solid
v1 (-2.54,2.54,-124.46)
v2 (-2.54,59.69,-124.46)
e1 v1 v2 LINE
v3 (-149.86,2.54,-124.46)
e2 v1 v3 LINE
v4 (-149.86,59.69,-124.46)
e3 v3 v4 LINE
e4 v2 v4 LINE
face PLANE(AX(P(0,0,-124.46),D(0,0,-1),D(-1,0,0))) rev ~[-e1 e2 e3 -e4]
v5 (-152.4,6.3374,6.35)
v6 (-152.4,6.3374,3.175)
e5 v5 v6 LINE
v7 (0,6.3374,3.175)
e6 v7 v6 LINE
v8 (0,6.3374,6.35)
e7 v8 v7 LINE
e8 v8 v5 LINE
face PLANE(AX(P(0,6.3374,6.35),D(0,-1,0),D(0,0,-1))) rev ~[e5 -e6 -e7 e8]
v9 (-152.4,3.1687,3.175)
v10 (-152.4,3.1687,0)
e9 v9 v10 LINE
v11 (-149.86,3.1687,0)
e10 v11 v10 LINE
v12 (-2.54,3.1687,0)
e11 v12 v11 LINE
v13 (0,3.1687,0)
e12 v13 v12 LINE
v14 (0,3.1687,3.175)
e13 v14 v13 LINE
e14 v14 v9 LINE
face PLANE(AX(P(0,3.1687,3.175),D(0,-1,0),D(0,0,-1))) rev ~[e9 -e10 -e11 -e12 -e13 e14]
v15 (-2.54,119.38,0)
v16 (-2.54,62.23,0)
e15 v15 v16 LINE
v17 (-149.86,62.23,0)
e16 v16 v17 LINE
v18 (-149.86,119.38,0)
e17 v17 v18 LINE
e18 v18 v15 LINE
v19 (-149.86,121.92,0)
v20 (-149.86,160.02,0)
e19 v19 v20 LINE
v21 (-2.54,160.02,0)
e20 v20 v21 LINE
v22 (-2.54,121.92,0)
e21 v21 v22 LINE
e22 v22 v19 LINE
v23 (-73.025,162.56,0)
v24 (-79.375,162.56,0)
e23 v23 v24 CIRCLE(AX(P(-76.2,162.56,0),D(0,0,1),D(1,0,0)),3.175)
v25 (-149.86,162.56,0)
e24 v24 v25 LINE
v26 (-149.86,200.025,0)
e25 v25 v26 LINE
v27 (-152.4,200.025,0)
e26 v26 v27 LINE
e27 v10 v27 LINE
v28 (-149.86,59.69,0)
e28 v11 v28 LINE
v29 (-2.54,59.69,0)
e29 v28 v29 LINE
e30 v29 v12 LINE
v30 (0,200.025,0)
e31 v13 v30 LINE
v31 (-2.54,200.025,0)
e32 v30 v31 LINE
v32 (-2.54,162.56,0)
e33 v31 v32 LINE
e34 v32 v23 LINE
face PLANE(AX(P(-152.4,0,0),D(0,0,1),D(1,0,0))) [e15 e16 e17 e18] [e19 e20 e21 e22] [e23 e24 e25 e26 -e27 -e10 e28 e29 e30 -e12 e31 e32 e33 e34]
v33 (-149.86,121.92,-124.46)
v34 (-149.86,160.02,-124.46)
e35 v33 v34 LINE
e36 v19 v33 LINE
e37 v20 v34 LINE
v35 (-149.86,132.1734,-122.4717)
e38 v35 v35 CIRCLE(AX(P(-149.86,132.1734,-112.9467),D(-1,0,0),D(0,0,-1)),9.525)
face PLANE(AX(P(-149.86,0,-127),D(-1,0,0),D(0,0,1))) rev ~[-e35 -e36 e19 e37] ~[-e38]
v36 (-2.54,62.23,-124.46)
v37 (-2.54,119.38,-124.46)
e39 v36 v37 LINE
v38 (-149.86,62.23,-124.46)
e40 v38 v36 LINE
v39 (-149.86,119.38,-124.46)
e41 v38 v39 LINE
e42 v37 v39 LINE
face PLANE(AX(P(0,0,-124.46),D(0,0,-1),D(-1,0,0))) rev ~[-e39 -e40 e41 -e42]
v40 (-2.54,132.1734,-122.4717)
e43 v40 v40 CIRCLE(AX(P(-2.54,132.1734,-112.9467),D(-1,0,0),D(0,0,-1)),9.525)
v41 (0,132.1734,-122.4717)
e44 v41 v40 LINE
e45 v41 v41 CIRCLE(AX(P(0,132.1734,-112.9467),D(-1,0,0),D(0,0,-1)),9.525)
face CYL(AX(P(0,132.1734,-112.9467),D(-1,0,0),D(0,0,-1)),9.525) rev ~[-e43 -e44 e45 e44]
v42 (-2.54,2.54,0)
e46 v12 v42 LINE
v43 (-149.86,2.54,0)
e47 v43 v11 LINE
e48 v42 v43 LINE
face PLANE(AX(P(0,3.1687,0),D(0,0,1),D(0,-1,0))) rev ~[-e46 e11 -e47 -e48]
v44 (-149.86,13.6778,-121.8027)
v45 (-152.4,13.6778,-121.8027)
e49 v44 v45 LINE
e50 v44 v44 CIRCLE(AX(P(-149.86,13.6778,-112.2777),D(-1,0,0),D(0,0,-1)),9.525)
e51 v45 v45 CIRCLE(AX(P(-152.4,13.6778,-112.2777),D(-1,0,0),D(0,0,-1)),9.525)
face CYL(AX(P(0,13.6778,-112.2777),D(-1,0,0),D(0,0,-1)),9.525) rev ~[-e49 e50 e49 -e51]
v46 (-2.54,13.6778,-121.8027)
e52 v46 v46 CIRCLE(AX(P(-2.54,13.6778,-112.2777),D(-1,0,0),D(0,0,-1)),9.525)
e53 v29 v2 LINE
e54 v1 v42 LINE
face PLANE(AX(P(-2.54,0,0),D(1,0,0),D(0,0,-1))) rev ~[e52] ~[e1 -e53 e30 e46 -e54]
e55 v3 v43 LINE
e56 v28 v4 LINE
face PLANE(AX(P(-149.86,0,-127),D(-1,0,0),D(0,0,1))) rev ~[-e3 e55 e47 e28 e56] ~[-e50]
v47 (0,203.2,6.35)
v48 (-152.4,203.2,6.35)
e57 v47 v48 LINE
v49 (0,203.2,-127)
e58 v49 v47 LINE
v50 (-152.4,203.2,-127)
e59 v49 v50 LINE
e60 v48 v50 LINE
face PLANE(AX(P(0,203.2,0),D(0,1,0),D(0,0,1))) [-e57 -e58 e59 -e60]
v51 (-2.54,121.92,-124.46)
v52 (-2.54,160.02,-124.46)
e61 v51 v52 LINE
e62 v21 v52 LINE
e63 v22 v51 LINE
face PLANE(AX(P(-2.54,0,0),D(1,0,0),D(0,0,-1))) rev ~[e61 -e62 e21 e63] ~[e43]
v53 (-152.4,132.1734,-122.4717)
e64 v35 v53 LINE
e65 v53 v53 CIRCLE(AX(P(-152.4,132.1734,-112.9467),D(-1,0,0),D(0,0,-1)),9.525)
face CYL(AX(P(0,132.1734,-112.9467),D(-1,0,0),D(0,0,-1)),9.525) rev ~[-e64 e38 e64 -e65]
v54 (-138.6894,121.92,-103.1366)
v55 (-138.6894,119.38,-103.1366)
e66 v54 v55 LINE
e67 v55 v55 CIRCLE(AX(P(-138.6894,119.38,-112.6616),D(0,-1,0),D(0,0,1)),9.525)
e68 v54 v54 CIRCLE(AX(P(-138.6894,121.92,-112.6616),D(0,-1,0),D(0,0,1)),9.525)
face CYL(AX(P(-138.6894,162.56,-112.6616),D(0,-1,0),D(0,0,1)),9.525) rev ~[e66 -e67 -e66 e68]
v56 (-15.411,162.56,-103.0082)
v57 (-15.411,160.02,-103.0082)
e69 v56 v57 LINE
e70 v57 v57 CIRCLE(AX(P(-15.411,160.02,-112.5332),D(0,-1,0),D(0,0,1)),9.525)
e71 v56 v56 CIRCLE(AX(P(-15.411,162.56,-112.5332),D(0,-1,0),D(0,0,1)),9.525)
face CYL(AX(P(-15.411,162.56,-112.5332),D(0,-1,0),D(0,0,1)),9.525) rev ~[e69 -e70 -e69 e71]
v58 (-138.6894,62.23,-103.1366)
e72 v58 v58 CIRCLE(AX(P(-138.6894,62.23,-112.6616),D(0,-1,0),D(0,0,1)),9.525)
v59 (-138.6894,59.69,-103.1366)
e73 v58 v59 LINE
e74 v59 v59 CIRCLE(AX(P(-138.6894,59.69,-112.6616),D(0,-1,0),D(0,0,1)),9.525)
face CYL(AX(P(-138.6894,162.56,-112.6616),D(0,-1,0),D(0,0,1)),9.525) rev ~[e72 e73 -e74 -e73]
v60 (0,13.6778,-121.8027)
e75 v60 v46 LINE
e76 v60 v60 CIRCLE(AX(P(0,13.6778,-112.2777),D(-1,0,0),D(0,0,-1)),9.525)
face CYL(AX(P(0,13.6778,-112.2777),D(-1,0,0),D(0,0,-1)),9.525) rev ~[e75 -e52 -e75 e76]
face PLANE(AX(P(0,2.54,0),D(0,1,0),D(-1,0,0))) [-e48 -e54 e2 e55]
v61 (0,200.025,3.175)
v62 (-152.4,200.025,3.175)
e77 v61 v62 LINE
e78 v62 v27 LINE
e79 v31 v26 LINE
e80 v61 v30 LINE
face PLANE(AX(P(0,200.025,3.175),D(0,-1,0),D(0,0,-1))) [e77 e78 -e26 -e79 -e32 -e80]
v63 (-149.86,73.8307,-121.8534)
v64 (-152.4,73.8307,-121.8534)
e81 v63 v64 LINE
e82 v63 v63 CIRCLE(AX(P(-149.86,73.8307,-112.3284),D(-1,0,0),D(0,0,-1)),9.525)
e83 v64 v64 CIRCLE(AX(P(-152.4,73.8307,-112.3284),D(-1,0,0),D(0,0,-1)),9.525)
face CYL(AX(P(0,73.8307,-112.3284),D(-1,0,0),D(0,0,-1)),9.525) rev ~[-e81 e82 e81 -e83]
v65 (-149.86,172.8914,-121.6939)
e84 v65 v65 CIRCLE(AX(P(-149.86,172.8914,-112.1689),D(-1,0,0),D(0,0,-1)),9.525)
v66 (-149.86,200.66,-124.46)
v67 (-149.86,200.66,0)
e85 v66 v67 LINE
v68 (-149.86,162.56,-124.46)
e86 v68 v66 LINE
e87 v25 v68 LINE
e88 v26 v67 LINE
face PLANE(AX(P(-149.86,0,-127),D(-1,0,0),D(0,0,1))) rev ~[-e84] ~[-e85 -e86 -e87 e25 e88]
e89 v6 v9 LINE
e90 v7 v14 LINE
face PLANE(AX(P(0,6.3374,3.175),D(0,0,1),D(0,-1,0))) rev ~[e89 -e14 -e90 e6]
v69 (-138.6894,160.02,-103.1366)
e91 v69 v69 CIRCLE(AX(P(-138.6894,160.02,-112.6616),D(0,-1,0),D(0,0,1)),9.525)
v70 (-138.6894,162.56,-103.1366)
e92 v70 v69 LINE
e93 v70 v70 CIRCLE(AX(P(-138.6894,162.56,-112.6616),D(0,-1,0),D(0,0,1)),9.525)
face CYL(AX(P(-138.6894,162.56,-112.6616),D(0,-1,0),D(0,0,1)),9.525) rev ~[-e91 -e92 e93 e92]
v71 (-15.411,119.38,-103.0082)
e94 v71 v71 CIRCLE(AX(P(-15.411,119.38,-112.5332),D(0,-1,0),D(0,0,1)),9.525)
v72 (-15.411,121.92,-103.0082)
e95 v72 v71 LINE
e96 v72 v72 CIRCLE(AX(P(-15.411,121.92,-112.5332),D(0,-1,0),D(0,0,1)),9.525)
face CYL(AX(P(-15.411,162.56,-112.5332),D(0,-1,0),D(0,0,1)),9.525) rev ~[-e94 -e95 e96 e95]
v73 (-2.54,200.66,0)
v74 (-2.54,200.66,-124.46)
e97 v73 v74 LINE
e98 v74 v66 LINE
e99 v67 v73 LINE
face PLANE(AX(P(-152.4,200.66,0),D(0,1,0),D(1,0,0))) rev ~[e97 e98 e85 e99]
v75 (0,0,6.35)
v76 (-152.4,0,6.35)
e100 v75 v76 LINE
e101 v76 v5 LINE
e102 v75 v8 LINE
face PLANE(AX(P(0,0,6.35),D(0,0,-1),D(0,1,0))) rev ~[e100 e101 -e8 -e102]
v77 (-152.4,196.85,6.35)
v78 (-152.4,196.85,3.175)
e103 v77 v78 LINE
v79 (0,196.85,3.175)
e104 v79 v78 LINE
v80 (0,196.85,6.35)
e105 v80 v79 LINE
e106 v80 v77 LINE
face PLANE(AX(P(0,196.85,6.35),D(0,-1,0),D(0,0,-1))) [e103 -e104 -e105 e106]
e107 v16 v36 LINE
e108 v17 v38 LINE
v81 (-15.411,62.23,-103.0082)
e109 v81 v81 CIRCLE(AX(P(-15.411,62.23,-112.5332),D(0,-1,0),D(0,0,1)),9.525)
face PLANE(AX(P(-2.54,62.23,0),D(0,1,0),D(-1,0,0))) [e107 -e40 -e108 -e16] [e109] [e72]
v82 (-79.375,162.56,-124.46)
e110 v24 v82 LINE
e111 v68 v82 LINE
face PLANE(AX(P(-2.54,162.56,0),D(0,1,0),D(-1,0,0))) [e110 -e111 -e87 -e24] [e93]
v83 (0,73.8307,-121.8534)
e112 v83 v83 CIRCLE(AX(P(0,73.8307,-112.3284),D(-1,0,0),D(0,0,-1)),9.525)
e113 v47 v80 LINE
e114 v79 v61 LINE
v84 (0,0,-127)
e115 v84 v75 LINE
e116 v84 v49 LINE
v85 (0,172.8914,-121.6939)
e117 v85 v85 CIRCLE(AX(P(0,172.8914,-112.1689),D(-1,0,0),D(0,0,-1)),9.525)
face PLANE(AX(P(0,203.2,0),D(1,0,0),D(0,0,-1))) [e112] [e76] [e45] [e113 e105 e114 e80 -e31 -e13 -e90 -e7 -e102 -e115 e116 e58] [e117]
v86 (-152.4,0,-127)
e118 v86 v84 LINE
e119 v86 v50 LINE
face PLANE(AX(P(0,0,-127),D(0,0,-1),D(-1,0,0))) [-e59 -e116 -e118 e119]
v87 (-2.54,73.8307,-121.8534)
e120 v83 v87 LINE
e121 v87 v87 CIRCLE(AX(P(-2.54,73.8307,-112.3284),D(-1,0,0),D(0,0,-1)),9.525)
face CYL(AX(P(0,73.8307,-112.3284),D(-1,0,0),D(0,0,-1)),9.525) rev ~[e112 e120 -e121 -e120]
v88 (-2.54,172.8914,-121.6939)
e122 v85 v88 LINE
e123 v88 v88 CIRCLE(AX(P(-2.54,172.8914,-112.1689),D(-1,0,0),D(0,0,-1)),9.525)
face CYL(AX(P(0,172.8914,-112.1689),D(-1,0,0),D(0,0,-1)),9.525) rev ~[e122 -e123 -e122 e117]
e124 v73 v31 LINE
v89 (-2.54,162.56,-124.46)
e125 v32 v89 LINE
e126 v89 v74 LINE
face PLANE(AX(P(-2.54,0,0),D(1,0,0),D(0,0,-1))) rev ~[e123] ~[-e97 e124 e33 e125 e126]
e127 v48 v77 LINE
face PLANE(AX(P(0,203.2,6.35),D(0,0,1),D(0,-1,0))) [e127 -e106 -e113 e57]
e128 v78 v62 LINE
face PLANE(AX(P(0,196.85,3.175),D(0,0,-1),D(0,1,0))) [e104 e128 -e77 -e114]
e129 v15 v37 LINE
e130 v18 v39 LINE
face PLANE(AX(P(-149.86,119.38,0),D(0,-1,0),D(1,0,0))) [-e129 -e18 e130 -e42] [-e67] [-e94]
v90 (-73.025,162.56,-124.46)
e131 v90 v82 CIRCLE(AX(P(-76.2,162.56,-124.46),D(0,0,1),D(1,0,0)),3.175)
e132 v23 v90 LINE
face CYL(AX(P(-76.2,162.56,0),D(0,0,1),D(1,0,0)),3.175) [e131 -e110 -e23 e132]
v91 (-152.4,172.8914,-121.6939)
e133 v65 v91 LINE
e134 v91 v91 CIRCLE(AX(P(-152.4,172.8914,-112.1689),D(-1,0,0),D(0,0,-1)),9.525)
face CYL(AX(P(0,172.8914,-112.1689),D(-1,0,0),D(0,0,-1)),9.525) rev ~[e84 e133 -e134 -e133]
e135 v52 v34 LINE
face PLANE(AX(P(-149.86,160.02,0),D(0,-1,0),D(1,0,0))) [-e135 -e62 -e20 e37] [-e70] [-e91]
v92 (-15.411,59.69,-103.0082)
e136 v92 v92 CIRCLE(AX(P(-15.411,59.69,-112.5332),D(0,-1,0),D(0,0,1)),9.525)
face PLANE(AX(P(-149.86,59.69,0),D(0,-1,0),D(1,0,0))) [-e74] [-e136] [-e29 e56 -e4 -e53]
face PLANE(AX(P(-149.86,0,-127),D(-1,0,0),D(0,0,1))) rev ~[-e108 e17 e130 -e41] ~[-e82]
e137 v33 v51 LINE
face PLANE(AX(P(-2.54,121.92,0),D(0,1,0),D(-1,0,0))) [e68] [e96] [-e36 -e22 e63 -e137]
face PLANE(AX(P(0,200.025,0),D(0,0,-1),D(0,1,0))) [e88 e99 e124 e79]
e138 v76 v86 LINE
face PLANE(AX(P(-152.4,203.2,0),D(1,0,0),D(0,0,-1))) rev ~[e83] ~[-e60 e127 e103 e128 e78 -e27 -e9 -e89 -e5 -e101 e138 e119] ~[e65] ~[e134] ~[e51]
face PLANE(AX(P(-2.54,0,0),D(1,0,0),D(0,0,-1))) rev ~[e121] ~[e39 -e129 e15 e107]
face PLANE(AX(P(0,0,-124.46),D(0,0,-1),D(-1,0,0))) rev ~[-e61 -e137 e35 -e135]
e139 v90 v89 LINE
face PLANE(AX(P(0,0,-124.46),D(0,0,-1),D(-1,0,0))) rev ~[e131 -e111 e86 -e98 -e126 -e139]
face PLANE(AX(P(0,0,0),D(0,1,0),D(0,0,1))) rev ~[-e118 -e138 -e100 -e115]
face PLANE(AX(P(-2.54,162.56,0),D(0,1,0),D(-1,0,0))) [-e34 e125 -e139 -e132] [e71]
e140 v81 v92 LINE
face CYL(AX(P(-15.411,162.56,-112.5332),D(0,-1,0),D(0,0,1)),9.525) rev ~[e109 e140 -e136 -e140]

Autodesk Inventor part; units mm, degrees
ref_plane "YZ Plane" through (0, 0, 0) normal (1, 0, 0) x (0, 1, 0)
ref_plane "XZ Plane" through (0, 0, 0) normal (0, 1, 0) x (-1, 0, 0)
ref_plane "XY Plane" through (0, 0, 0) normal (0, 0, 1) x (1, 0, 0)
sketch "Sketch2" plane through (0, 0, 0) normal (0, 1, 0) x (-1, 0, 0)
  line L0 (0, 0) -> (152.4, 0)
  line L1 (152.4, 0) -> (152.4, -127)
  line L2 (152.4, -127) -> (0, -127)
  line L3 (0, -127) -> (0, 0)
  dimension "d2" = 152.4
  dimension "d3" = 127
extrude "Extrusion1" add sketch "Sketch2" along normal blind 2.54
sketch "Sketch3" plane through (0, 0, 0) normal (1, 0, 0) x (0, 0, -1)
  line L0 (127, 2.54) -> (0, 2.54) projected
  line L1 (0, 2.54) -> (127, 2.54)
  line L2 (127, 2.54) -> (127, 203.2)
  line L3 (127, 203.2) -> (0, 203.2)
  line L4 (0, 203.2) -> (0, 2.54)
  point P0 (0, 0)
  dimension "d6" = 127
  dimension "d7" = 200.66
extrude "Extrusion2" add sketch "Sketch3" against normal blind 2.54
sketch "Sketch4" plane through (-152.4, 0, -127) normal (-1, 0, 0) x (0, 0, 1)
  line L0 (0, 2.54) -> (127, 2.54) projected
  line L1 (127, 0) -> (127, 203.2) projected
  line L2 (0, 2.54) -> (127, 2.54)
  line L3 (127, 2.54) -> (127, 203.2)
  line L4 (127, 203.2) -> (0, 203.2)
  line L5 (0, 203.2) -> (0, 2.54)
extrude "Extrusion3" add sketch "Sketch4" against normal blind 2.54
sketch "Sketch5" plane through (0, 0, -127) normal (0, 0, -1) x (-1, 0, 0)
  line L0 (2.54, 2.54) -> (2.54, 203.2) projected
  line L1 (152.4, 203.2) -> (149.86, 203.2) projected
  line L2 (2.54, 2.54) -> (149.86, 2.54)
  line L3 (149.86, 2.54) -> (149.86, 203.2)
  line L4 (149.86, 203.2) -> (2.54, 203.2)
  line L5 (2.54, 203.2) -> (2.54, 2.54)
  point P0 (0, 0)
extrude "Extrusion4" add sketch "Sketch5" against normal blind 2.54
sketch "Sketch6" plane through (-152.4, 203.2, 0) normal (0, 1, 0) x (1, 0, 0)
  line L0 (0, 0) -> (2.54, 0) projected
  line L1 (149.86, 124.46) -> (2.54, 124.46) projected
  line L2 (2.54, 0) -> (149.86, 0)
  line L3 (149.86, 0) -> (149.86, 124.46)
  line L4 (149.86, 124.46) -> (2.54, 124.46)
  line L5 (2.54, 124.46) -> (2.54, 0)
  point P0 (152.4, 0)
extrude "Extrusion5" add sketch "Sketch6" against normal blind 2.54
sketch "Sketch7" plane through (-152.4, 0, 0) normal (0, 0, 1) x (1, 0, 0)
  line L0 (2.54, 200.66) -> (2.54, 2.54) projected
  line L1 (149.86, 200.66) -> (149.86, 2.54) projected
  line L2 (2.54, 59.69) -> (149.86, 59.69)
  line L3 (149.86, 59.69) -> (149.86, 62.23)
  line L4 (149.86, 62.23) -> (2.54, 62.23)
  line L5 (2.54, 62.23) -> (2.54, 59.69)
  line L6 (2.54, 119.38) -> (149.86, 119.38)
  line L7 (149.86, 119.38) -> (149.86, 121.92)
  line L8 (149.86, 121.92) -> (2.54, 121.92)
  line L9 (2.54, 121.92) -> (2.54, 119.38)
  line L10 (2.54, 160.02) -> (149.86, 160.02)
  line L11 (149.86, 160.02) -> (149.86, 162.56)
  line L12 (149.86, 162.56) -> (2.54, 162.56)
  line L13 (2.54, 162.56) -> (2.54, 160.02)
  dimension "d21" = 2.54
  dimension "d22" = 2.54
  dimension "d23" = 2.54
extrude "Extrusion6" add sketch "Sketch7" against normal blind 126.365 contours L12 L1 L10 L0 | L8 L1 L6 L0 | L4 L1 L2 L0
sketch "Sketch8" plane through (0, 0, 0) normal (1, 0, 0) x (0, 0, -1)
  point P0 (0, 0)
  point P1 (112.1689, 172.8914)
  point P2 (112.9467, 132.1734)
  point P3 (112.3284, 73.8307)
  point P4 (112.2777, 13.6778)
hole "Hole1" at (0, 172.8914, -112.1689) at (0, 132.1734, -112.9467) at (0, 73.8307, -112.3284) at (0, 13.6778, -112.2777) direction (-1, 0, 0) diameter 19.05 depth 201.6125 tip angle 126
sketch "Sketch9" plane through (-149.86, 162.56, 0) normal (0, 1, 0) x (1, 0, 0)
  point P0 (149.86, 0)
  point P1 (11.1706, 112.6616)
  point P2 (134.449, 112.5332)
hole "Hole2" at (-15.411, 162.56, -112.5332) at (-138.6894, 162.56, -112.6616) direction (0, -1, 0) diameter 19.05 depth 149.225 tip angle 126
sketch "Sketch10" plane through (-152.4, 0, 0) normal (0, 0, 1) x (1, 0, 0)
  line L0 (149.86, 162.56) -> (2.54, 162.56) projected
  arc A0 (79.375, 162.56) -> (73.025, 162.56) centre (76.2, 162.56) ccw
  point P0 (152.4, 0)
  dimension "d40" = 6.35
extrude "Extrusion7" add sketch "Sketch10" against normal blind 126.365
sketch "Sketch11" plane through (0, 0, 0) normal (1, 0, 0) x (0, 0, -1)
  line L0 (0, 0) -> (127, 0) projected
  line L1 (0, 0) -> (-6.35, 0)
  line L2 (-6.35, 0) -> (-6.35, 6.3374)
  line L3 (-6.35, 6.3374) -> (-3.175, 6.3374)
  line L4 (0, 6.3374) -> (0, 0)
  line L5 (0, 6.3374) -> (-3.175, 6.3374)
  line L6 (-3.175, 6.3374) -> (-3.175, 3.1687)
  line L7 (-3.175, 3.1687) -> (0, 3.1687)
  line L8 (0, 3.1687) -> (0, 6.3374)
  dimension "d43" = 6.35
extrude "Extrusion8" add sketch "Sketch11" against normal blind 152.4 contours L1 L2 L3 L6 L7 L4
sketch "Sketch13" plane through (0, 203.2, 0) normal (1, 0, 0) x (0, 0, -1)
  line L0 (0, -200.0313) -> (0, 0) projected
  line L1 (0, 0) -> (-6.35, 0)
  line L2 (-6.35, 0) -> (-6.35, -6.35)
  line L3 (-6.35, -6.35) -> (-3.175, -6.35)
  line L4 (0, -6.35) -> (0, 0)
  line L5 (0, -6.35) -> (-3.175, -6.35)
  line L6 (-3.175, -6.35) -> (-3.175, -3.175)
  line L7 (-3.175, -3.175) -> (0, -3.175)
  line L8 (0, -3.175) -> (0, -6.35)
  point P0 (0, -203.2)
  point P1 (0, -3.175)
  dimension "d50" = 6.35
  dimension "d51" = 6.35
extrude "Extrusion10" add sketch "Sketch13" against normal blind 152.4 contours L7 L6 L3 L2 L1 L0
properties part number "Shelf"
